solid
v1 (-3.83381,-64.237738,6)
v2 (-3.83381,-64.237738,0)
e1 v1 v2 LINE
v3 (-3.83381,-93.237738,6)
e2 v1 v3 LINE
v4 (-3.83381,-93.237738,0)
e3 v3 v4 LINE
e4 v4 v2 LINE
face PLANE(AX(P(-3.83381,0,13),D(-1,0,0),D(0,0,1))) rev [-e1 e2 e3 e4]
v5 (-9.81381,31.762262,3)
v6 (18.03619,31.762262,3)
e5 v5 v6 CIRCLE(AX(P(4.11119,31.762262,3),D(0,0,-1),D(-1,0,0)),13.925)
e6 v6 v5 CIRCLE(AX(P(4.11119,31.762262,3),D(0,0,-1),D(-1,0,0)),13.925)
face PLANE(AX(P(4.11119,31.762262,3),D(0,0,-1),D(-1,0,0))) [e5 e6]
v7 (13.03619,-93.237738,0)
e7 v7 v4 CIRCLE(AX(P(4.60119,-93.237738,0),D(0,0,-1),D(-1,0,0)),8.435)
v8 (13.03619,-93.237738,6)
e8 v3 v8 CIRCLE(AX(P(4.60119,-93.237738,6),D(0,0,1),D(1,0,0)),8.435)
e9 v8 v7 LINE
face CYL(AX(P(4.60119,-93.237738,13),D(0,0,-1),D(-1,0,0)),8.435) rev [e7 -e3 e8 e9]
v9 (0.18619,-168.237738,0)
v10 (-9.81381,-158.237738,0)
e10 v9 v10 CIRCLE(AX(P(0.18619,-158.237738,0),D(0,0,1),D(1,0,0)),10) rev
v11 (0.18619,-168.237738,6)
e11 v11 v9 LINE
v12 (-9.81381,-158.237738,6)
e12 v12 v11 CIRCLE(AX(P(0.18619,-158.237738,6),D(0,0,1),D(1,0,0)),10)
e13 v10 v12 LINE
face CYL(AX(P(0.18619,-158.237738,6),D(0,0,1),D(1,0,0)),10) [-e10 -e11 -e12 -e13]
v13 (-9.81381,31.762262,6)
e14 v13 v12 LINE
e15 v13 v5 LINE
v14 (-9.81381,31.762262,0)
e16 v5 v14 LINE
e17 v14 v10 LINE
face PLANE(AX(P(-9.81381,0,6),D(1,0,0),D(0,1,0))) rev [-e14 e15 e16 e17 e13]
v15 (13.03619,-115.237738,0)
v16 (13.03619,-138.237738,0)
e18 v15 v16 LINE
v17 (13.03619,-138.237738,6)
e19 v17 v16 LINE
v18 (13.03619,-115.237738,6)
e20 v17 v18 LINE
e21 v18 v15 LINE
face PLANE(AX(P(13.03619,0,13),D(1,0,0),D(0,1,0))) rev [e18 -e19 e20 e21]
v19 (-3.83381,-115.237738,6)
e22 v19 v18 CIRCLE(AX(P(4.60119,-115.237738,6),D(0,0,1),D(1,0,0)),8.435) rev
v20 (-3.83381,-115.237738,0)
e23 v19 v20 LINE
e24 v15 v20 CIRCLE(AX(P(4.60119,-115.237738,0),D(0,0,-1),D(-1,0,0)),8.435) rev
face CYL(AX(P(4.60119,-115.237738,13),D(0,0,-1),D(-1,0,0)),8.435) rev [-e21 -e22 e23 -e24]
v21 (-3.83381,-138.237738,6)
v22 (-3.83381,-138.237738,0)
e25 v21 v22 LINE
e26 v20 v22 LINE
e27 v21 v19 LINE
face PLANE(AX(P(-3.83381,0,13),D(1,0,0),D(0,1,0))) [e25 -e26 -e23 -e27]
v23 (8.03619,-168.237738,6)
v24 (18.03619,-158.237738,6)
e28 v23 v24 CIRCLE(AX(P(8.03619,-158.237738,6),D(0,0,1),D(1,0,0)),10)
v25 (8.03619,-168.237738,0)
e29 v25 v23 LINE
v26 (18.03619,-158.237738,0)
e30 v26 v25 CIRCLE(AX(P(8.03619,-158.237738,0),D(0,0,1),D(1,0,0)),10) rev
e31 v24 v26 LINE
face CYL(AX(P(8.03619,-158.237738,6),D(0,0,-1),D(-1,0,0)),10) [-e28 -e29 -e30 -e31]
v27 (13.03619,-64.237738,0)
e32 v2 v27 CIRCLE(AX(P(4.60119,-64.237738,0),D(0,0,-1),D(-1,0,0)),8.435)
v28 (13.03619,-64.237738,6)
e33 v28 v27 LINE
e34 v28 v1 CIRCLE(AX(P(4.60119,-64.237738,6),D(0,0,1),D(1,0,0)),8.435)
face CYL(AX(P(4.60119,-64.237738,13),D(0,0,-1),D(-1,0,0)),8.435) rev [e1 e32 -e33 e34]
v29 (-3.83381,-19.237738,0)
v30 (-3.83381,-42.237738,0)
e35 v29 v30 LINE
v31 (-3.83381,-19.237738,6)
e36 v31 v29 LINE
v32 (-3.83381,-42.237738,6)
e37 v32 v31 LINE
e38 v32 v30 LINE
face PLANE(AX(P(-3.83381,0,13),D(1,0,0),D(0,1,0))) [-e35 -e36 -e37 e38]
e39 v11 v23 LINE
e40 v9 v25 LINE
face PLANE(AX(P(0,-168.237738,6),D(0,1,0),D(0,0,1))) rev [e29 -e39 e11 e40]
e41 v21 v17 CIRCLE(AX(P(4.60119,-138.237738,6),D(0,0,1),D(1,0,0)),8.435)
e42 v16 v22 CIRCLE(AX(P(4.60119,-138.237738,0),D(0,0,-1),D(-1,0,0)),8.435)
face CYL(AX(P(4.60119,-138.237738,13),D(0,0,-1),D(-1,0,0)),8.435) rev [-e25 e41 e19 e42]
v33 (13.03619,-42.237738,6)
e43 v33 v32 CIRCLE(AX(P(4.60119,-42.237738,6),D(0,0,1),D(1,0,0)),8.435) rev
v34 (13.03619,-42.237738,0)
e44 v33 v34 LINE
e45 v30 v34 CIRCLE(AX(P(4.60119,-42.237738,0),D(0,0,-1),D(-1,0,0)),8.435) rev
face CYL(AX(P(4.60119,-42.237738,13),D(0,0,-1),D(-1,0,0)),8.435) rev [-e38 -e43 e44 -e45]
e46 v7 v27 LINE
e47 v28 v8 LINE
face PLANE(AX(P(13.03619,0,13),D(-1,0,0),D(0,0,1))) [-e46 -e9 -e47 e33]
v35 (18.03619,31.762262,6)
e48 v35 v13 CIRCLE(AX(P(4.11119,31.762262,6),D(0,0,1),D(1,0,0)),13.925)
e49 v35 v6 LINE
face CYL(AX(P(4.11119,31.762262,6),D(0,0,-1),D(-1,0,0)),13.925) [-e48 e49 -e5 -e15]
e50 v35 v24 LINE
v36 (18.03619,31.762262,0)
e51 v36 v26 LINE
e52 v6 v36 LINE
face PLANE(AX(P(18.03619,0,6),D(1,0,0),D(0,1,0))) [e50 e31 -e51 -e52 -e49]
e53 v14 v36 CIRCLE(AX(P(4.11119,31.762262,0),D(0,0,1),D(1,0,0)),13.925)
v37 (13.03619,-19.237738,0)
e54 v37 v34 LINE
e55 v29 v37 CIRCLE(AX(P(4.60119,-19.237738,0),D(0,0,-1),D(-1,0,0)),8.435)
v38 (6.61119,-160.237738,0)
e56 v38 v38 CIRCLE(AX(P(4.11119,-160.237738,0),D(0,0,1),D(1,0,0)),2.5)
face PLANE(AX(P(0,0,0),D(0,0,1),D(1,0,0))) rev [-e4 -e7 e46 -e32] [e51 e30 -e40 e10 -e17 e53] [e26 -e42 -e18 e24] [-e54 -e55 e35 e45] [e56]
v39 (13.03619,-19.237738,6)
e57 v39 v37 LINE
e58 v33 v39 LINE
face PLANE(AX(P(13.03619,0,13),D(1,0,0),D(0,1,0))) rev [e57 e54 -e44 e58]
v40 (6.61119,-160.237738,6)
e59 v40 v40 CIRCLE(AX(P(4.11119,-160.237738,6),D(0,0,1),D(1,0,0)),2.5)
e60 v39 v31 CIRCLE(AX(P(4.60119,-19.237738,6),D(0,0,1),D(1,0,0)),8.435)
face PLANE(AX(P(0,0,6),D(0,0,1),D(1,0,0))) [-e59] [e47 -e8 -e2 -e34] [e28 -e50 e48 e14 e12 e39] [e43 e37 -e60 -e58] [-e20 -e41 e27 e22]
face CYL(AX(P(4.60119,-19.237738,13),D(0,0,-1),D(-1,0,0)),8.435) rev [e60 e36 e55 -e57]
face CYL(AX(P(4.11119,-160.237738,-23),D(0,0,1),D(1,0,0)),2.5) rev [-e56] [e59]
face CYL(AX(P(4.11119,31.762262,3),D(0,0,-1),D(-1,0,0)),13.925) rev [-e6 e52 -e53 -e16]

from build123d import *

# Parameters (mm, degrees)
ESQUISSE1_W             = 27.85
ESQUISSE1_H             = 200
BOSS_EXTRU_1_DEPTH      = 6
ESQUISSE4_R             = 2.5
ENL_V_MAT_EXTRU_3_DEPTH = 29
ESQUISSE5_R             = 13.925
ENL_V_MAT_EXTRU_4_DEPTH = 3
ESQUISSE7_W             = 16.87
ESQUISSE7_H             = 23
ESQUISSE7_H_2           = 29
ENL_V_MAT_EXTRU_6_DEPTH = 13
CONG_1_R                = 10
CONG_2_R                = 10


with BuildPart() as part:
    # Esquisse1 → Boss.-Extru.1 (new body)
    with BuildSketch(Plane.XY):
        with Locations((4.111190476, -68.237738095)):
            Rectangle(ESQUISSE1_W, ESQUISSE1_H)
        with BuildLine():
            Line((-9.813809524, 31.762261905), (18.036190476, 31.762261905))
            ThreePointArc((18.036190476, 31.762261905), (4.111190476, 45.687261905), (-9.813809524, 31.762261905))
        make_face()
    extrude(amount=BOSS_EXTRU_1_DEPTH)

    # Esquisse4 → Enlèv. mat.-Extru.3 (cut)
    with BuildSketch(Plane.XY.offset(6)):
        with Locations((4.111190476, -160.237738095)):
            Circle(ESQUISSE4_R)
    extrude(amount=-ENL_V_MAT_EXTRU_3_DEPTH, mode=Mode.SUBTRACT)

    # Esquisse5 → Enlèv. mat.-Extru.4 (cut)
    with BuildSketch(Plane(origin=(0, 0, 0), x_dir=(-1, 0, 0), z_dir=(0, 0, -1))):
        with Locations((-4.111190476, 31.762261905)):
            Circle(ESQUISSE5_R)
    extrude(amount=-ENL_V_MAT_EXTRU_4_DEPTH, mode=Mode.SUBTRACT)

    # Esquisse7 → Enlèv. mat.-Extru.6 (cut)
    with BuildSketch(Plane(origin=(0, 0, 0), x_dir=(-1, 0, 0), z_dir=(0, 0, -1))):
        with BuildLine():
            ThreePointArc((-13.036190476, -115.237738095), (-4.601190476, -106.802738095), (3.833809524, -115.237738095))
            Line((3.833809524, -115.237738095), (-13.036190476, -115.237738095))
        make_face()
        with Locations((-4.601190476, -126.737738095)):
            Rectangle(ESQUISSE7_W, ESQUISSE7_H)
        with BuildLine():
            Line((-13.036190476, -138.237738095), (3.833809524, -138.237738095))
            ThreePointArc((3.833809524, -138.237738095), (-4.601190476, -146.672738095), (-13.036190476, -138.237738095))
        make_face()
        with BuildLine():
            Line((3.833809524, -93.237738095), (-13.036190476, -93.237738095))
            ThreePointArc((-13.036190476, -93.237738095), (-4.601190476, -101.672738095), (3.833809524, -93.237738095))
        make_face()
        with Locations((-4.601190476, -78.737738095)):
            Rectangle(ESQUISSE7_W, ESQUISSE7_H_2)
        with BuildLine():
            Line((3.833809524, -64.237738095), (-13.036190476, -64.237738095))
            ThreePointArc((-13.036190476, -64.237738095), (-4.601190476, -55.802738095), (3.833809524, -64.237738095))
        make_face()
        with BuildLine():
            ThreePointArc((3.833809524, -42.237738095), (-4.601190476, -50.672738095), (-13.036190476, -42.237738095))
            Line((-13.036190476, -42.237738095), (3.833809524, -42.237738095))
        make_face()
        with Locations((-4.601190476, -30.737738095)):
            Rectangle(ESQUISSE7_W, ESQUISSE7_H)
        with BuildLine():
            Line((3.833809524, -19.237738095), (-13.036190476, -19.237738095))
            ThreePointArc((-13.036190476, -19.237738095), (-4.601190476, -10.802738095), (3.833809524, -19.237738095))
        make_face()
    extrude(amount=-ENL_V_MAT_EXTRU_6_DEPTH, mode=Mode.SUBTRACT)

    # Congé1
    cong_1_edges = [part.edges().sort_by_distance(p)[0] for p in [
        (18.036190476, -168.237738095, 3),
    ]]
    fillet(cong_1_edges, radius=CONG_1_R)

    # Congé2
    cong_2_edges = [part.edges().sort_by_distance(p)[0] for p in [
        (-9.813809524, -168.237738095, 3),
    ]]
    fillet(cong_2_edges, radius=CONG_2_R)


solid = part.part
